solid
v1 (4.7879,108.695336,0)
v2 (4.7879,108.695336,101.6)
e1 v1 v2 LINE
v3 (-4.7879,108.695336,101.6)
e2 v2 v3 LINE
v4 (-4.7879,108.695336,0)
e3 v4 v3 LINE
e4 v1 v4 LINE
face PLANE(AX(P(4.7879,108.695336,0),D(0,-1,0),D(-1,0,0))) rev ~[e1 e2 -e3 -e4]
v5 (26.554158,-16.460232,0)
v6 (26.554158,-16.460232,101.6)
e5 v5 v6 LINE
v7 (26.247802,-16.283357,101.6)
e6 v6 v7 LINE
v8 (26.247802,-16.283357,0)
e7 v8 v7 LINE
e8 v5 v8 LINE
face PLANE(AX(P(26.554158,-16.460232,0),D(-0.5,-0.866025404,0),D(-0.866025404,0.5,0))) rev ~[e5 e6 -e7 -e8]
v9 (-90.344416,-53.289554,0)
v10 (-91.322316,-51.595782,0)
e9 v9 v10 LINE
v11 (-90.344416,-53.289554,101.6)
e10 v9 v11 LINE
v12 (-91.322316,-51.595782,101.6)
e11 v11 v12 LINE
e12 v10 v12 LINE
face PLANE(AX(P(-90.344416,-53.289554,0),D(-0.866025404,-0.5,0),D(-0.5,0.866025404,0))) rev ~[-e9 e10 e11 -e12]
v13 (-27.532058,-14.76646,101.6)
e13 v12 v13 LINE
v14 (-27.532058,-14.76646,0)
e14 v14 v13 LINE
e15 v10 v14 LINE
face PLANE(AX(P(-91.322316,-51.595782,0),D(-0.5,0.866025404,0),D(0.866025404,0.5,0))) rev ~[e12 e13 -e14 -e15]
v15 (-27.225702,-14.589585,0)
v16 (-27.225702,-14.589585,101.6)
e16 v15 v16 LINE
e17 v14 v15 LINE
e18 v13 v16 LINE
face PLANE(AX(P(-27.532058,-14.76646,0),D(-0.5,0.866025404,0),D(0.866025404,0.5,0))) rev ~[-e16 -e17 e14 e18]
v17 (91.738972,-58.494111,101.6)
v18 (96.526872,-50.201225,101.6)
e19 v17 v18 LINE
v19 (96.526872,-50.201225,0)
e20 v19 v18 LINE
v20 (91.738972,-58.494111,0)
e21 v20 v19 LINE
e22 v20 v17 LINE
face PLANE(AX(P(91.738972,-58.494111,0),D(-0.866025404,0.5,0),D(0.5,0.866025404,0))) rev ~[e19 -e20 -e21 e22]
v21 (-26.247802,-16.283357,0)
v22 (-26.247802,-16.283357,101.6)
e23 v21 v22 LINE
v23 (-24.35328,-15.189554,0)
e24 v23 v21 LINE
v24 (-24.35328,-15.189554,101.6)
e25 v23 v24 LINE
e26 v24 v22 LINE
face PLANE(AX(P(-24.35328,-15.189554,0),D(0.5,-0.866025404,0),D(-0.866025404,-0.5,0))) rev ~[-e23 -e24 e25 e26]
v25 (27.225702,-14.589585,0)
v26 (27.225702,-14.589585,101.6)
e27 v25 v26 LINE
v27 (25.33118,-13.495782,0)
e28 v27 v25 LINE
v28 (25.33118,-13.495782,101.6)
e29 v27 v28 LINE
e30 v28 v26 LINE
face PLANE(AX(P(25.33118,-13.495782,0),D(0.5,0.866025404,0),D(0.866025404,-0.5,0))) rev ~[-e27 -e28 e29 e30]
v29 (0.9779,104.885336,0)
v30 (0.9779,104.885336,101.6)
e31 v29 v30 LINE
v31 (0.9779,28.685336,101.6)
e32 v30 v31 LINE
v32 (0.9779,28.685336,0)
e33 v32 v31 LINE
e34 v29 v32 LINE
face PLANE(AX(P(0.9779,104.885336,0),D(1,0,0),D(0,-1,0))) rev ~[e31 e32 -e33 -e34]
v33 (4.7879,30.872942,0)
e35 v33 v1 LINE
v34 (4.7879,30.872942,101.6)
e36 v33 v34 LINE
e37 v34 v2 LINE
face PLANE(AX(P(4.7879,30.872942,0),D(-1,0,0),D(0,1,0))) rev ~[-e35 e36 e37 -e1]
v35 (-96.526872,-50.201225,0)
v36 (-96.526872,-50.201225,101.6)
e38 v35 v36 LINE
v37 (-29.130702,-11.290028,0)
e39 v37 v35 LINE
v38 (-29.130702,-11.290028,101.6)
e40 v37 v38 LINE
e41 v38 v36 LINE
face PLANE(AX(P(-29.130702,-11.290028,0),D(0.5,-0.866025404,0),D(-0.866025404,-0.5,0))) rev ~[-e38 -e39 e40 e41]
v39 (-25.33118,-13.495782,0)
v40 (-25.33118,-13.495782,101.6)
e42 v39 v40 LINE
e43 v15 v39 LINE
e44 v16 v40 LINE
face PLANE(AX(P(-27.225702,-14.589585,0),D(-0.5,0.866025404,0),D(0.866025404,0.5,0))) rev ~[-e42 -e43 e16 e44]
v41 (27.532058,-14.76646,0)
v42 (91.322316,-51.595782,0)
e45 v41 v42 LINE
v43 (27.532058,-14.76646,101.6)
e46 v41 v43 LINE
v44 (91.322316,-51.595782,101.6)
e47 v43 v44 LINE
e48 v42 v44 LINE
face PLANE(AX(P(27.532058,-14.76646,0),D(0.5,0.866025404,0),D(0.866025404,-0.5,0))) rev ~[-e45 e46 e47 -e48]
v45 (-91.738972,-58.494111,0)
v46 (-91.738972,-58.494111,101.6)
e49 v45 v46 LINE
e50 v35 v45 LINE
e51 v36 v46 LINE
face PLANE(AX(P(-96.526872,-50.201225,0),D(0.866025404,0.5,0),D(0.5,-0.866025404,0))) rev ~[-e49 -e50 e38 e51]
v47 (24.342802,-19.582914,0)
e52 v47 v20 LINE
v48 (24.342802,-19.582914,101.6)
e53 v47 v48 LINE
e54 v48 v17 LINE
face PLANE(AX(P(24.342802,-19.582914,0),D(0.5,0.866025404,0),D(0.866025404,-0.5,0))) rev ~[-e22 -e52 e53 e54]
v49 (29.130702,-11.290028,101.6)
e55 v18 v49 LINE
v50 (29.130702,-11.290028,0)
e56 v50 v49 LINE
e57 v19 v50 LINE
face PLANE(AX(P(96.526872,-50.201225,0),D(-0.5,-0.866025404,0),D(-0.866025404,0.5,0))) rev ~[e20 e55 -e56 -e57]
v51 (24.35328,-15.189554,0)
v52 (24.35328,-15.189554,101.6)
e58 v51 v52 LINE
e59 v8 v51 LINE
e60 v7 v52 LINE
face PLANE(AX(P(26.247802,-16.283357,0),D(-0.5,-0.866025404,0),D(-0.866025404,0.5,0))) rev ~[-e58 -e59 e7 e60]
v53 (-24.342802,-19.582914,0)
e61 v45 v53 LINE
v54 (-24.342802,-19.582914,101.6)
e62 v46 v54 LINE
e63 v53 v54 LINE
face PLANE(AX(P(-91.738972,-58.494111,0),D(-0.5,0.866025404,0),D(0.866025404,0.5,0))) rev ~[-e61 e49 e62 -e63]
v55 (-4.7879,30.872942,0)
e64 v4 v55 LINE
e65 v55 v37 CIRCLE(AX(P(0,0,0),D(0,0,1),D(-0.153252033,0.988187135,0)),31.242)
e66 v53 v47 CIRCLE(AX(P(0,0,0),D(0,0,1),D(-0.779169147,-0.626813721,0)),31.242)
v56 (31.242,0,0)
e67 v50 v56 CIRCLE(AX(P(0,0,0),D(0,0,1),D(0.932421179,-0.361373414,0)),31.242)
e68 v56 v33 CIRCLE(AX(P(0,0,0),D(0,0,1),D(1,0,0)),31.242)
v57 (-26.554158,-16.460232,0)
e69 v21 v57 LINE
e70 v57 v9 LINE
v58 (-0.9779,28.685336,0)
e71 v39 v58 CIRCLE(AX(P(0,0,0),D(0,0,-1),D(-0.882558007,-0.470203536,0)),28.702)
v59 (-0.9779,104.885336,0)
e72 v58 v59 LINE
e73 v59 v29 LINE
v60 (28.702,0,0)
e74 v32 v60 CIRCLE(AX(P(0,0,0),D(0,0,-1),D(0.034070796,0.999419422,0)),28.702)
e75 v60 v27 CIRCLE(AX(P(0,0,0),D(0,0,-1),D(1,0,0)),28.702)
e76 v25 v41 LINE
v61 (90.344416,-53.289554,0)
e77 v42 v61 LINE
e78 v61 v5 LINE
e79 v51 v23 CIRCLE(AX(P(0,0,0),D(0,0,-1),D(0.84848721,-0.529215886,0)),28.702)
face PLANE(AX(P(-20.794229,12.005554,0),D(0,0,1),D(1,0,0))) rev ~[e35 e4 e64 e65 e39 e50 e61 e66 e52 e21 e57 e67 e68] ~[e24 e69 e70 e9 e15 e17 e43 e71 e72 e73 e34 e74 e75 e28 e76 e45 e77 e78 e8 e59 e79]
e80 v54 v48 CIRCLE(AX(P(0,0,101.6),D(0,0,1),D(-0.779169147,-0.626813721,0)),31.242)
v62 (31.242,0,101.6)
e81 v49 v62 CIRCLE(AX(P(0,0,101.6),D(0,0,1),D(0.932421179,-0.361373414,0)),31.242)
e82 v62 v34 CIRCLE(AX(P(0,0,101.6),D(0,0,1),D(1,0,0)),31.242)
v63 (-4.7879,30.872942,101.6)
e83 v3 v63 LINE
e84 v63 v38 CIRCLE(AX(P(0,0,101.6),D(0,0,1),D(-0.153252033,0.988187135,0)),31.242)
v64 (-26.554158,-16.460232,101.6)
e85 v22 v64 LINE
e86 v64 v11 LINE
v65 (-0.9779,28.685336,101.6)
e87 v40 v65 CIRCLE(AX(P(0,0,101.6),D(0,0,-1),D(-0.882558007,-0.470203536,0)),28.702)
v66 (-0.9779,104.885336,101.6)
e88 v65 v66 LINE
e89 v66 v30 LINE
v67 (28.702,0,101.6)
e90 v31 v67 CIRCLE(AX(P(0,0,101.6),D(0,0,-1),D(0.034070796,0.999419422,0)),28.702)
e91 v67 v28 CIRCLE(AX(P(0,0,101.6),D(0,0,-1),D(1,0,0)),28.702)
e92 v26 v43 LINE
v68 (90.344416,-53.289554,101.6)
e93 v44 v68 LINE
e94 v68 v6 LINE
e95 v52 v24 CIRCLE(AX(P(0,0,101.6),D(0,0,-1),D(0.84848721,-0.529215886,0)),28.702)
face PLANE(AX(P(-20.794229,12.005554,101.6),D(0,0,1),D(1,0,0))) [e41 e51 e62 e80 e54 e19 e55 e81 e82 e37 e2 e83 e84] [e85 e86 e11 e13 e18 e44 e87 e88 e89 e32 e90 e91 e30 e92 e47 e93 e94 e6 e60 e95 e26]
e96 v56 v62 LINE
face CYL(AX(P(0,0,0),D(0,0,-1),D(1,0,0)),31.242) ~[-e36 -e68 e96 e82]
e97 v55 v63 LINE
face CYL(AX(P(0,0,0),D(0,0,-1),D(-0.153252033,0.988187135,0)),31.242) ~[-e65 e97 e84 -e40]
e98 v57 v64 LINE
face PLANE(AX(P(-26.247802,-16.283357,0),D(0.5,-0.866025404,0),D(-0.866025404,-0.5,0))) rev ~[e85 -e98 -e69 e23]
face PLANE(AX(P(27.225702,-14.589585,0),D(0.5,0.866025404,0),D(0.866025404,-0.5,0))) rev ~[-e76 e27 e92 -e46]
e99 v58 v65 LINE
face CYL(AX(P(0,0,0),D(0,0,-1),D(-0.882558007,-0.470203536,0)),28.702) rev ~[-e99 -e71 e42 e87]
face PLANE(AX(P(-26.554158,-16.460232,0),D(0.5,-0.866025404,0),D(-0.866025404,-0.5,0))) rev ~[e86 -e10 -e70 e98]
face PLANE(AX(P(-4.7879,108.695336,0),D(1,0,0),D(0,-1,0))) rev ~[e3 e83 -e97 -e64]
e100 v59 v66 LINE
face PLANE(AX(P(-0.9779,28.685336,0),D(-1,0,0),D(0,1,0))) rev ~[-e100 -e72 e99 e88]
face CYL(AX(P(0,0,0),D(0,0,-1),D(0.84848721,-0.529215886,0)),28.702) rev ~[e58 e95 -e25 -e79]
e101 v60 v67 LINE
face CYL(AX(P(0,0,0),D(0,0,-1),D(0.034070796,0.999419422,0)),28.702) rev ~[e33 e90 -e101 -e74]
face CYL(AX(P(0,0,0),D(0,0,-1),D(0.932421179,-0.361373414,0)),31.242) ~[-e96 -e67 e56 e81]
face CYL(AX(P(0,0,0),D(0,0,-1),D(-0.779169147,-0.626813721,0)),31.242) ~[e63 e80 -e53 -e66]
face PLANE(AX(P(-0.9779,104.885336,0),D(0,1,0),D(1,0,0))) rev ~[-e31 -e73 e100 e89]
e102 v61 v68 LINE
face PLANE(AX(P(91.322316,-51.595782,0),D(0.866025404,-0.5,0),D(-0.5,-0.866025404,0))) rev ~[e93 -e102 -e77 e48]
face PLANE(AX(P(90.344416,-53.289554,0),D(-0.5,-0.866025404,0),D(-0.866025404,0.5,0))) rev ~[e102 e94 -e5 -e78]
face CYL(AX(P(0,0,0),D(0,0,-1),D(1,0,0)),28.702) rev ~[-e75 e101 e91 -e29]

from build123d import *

# Parameters (mm, degrees)
F1_DEPTH = 101.6


with BuildPart() as f1:
    # F0 (on Top) → F1 (new body)
    with BuildSketch(Plane.XY):
        with BuildLine():
            ThreePointArc((-25.3311799058, -13.495781881), (-24.8566611394, 14.351), (-0.9779, 28.6853362468))
            Line((-0.9779, 28.6853362468), (-0.9779, 30.8729424835))
            Line((-0.9779, 30.8729424835), (-4.7879, 30.8729424835))
            ThreePointArc((-4.7879, 30.8729424835), (-27.056365665, 15.621), (-29.1307024803, -11.290028211))
            Line((-29.1307024803, -11.290028211), (-27.2257024803, -14.5895849994))
            Line((-27.2257024803, -14.5895849994), (-25.3311799058, -13.495781881))
        make_face()
        with BuildLine():
            ThreePointArc((0.9779, 28.6853362468), (20.6382229104, 19.9466428027), (28.702, 0))
            ThreePointArc((28.702, 0), (27.8465467308, -6.9551879322), (25.3311799058, -13.495781881))
            Line((25.3311799058, -13.495781881), (27.2257024803, -14.5895849994))
            Line((27.2257024803, -14.5895849994), (29.1307024803, -11.290028211))
            ThreePointArc((29.1307024803, -11.290028211), (30.7096399433, -5.742871978), (31.242, 0))
            ThreePointArc((31.242, 0), (23.723892343, 20.3282929952), (4.7879, 30.8729424835))
            Line((4.7879, 30.8729424835), (0.9779, 30.8729424835))
            Line((0.9779, 30.8729424835), (0.9779, 28.6853362468))
        make_face()
        with BuildLine():
            Line((0.9779, 104.8853362468), (0.9779, 31.226691717))
            ThreePointArc((0.9779, 31.226691717), (2.8883207994, 31.1082009599), (4.7879, 30.8729424835))
            Line((4.7879, 30.8729424835), (4.7879, 108.6953362468))
            Line((4.7879, 108.6953362468), (-4.7879, 108.6953362468))
            Line((-4.7879, 108.6953362468), (-4.7879, 30.8729424835))
            ThreePointArc((-4.7879, 30.8729424835), (-2.8883207994, 31.1082009599), (-0.9779, 31.226691717))
            Line((-0.9779, 31.226691717), (-0.9779, 104.8853362468))
            Line((-0.9779, 104.8853362468), (0.9779, 104.8853362468))
        make_face()
        with BuildLine():
            Line((26.2478024803, -16.2833574841), (24.3532799058, -15.1895543657))
            ThreePointArc((24.3532799058, -15.1895543657), (0, -28.702), (-24.3532799058, -15.1895543657))
            Line((-24.3532799058, -15.1895543657), (-26.2478024803, -16.2833574841))
            Line((-26.2478024803, -16.2833574841), (-24.3428024803, -19.5829142725))
            ThreePointArc((-24.3428024803, -19.5829142725), (0, -31.242), (24.3428024803, -19.5829142725))
            Line((24.3428024803, -19.5829142725), (26.2478024803, -16.2833574841))
        make_face()
        with BuildLine():
            ThreePointArc((29.1307024803, -11.290028211), (28.384652697, -13.0527412934), (27.5320583031, -14.7664596162))
            Line((27.5320583031, -14.7664596162), (91.3223156742, -51.595781881))
            Line((91.3223156742, -51.595781881), (90.3444156742, -53.2895543657))
            Line((90.3444156742, -53.2895543657), (26.5541583031, -16.4602321009))
            ThreePointArc((26.5541583031, -16.4602321009), (25.4963318976, -18.0554596665), (24.3428024803, -19.5829142725))
            Line((24.3428024803, -19.5829142725), (91.7389724626, -58.4941111542))
            Line((91.7389724626, -58.4941111542), (96.5268724626, -50.2012250926))
            Line((96.5268724626, -50.2012250926), (29.1307024803, -11.290028211))
        make_face()
        with BuildLine():
            Line((-91.3223156742, -51.595781881), (-27.5320583031, -14.7664596162))
            ThreePointArc((-27.5320583031, -14.7664596162), (-28.384652697, -13.0527412934), (-29.1307024803, -11.290028211))
            Line((-29.1307024803, -11.290028211), (-96.5268724626, -50.2012250926))
            Line((-96.5268724626, -50.2012250926), (-91.7389724626, -58.4941111542))
            Line((-91.7389724626, -58.4941111542), (-24.3428024803, -19.5829142725))
            ThreePointArc((-24.3428024803, -19.5829142725), (-25.4963318976, -18.0554596665), (-26.5541583031, -16.4602321009))
            Line((-26.5541583031, -16.4602321009), (-90.3444156742, -53.2895543657))
            Line((-90.3444156742, -53.2895543657), (-91.3223156742, -51.595781881))
        make_face()
        with BuildLine():
            Line((0.9779, 31.226691717), (0.9779, 30.8729424835))
            Line((0.9779, 30.8729424835), (4.7879, 30.8729424835))
            ThreePointArc((4.7879, 30.8729424835), (2.8883207994, 31.1082009599), (0.9779, 31.226691717))
        make_face()
        with BuildLine():
            Line((-4.7879, 30.8729424835), (-0.9779, 30.8729424835))
            Line((-0.9779, 30.8729424835), (-0.9779, 31.226691717))
            ThreePointArc((-0.9779, 31.226691717), (-2.8883207994, 31.1082009599), (-4.7879, 30.8729424835))
        make_face()
        with BuildLine():
            Line((29.1307024803, -11.290028211), (27.2257024803, -14.5895849994))
            Line((27.2257024803, -14.5895849994), (27.5320583031, -14.7664596162))
            ThreePointArc((27.5320583031, -14.7664596162), (28.384652697, -13.0527412934), (29.1307024803, -11.290028211))
        make_face()
        with BuildLine():
            Line((26.5541583031, -16.4602321009), (26.2478024803, -16.2833574841))
            Line((26.2478024803, -16.2833574841), (24.3428024803, -19.5829142725))
            ThreePointArc((24.3428024803, -19.5829142725), (25.4963318976, -18.0554596665), (26.5541583031, -16.4602321009))
        make_face()
        with BuildLine():
            Line((-24.3428024803, -19.5829142725), (-26.2478024803, -16.2833574841))
            Line((-26.2478024803, -16.2833574841), (-26.5541583031, -16.4602321009))
            ThreePointArc((-26.5541583031, -16.4602321009), (-25.4963318976, -18.0554596665), (-24.3428024803, -19.5829142725))
        make_face()
        with BuildLine():
            Line((-27.5320583031, -14.7664596162), (-27.2257024803, -14.5895849994))
            Line((-27.2257024803, -14.5895849994), (-29.1307024803, -11.290028211))
            ThreePointArc((-29.1307024803, -11.290028211), (-28.384652697, -13.0527412934), (-27.5320583031, -14.7664596162))
        make_face()
    extrude(amount=F1_DEPTH)


solid = f1.part
